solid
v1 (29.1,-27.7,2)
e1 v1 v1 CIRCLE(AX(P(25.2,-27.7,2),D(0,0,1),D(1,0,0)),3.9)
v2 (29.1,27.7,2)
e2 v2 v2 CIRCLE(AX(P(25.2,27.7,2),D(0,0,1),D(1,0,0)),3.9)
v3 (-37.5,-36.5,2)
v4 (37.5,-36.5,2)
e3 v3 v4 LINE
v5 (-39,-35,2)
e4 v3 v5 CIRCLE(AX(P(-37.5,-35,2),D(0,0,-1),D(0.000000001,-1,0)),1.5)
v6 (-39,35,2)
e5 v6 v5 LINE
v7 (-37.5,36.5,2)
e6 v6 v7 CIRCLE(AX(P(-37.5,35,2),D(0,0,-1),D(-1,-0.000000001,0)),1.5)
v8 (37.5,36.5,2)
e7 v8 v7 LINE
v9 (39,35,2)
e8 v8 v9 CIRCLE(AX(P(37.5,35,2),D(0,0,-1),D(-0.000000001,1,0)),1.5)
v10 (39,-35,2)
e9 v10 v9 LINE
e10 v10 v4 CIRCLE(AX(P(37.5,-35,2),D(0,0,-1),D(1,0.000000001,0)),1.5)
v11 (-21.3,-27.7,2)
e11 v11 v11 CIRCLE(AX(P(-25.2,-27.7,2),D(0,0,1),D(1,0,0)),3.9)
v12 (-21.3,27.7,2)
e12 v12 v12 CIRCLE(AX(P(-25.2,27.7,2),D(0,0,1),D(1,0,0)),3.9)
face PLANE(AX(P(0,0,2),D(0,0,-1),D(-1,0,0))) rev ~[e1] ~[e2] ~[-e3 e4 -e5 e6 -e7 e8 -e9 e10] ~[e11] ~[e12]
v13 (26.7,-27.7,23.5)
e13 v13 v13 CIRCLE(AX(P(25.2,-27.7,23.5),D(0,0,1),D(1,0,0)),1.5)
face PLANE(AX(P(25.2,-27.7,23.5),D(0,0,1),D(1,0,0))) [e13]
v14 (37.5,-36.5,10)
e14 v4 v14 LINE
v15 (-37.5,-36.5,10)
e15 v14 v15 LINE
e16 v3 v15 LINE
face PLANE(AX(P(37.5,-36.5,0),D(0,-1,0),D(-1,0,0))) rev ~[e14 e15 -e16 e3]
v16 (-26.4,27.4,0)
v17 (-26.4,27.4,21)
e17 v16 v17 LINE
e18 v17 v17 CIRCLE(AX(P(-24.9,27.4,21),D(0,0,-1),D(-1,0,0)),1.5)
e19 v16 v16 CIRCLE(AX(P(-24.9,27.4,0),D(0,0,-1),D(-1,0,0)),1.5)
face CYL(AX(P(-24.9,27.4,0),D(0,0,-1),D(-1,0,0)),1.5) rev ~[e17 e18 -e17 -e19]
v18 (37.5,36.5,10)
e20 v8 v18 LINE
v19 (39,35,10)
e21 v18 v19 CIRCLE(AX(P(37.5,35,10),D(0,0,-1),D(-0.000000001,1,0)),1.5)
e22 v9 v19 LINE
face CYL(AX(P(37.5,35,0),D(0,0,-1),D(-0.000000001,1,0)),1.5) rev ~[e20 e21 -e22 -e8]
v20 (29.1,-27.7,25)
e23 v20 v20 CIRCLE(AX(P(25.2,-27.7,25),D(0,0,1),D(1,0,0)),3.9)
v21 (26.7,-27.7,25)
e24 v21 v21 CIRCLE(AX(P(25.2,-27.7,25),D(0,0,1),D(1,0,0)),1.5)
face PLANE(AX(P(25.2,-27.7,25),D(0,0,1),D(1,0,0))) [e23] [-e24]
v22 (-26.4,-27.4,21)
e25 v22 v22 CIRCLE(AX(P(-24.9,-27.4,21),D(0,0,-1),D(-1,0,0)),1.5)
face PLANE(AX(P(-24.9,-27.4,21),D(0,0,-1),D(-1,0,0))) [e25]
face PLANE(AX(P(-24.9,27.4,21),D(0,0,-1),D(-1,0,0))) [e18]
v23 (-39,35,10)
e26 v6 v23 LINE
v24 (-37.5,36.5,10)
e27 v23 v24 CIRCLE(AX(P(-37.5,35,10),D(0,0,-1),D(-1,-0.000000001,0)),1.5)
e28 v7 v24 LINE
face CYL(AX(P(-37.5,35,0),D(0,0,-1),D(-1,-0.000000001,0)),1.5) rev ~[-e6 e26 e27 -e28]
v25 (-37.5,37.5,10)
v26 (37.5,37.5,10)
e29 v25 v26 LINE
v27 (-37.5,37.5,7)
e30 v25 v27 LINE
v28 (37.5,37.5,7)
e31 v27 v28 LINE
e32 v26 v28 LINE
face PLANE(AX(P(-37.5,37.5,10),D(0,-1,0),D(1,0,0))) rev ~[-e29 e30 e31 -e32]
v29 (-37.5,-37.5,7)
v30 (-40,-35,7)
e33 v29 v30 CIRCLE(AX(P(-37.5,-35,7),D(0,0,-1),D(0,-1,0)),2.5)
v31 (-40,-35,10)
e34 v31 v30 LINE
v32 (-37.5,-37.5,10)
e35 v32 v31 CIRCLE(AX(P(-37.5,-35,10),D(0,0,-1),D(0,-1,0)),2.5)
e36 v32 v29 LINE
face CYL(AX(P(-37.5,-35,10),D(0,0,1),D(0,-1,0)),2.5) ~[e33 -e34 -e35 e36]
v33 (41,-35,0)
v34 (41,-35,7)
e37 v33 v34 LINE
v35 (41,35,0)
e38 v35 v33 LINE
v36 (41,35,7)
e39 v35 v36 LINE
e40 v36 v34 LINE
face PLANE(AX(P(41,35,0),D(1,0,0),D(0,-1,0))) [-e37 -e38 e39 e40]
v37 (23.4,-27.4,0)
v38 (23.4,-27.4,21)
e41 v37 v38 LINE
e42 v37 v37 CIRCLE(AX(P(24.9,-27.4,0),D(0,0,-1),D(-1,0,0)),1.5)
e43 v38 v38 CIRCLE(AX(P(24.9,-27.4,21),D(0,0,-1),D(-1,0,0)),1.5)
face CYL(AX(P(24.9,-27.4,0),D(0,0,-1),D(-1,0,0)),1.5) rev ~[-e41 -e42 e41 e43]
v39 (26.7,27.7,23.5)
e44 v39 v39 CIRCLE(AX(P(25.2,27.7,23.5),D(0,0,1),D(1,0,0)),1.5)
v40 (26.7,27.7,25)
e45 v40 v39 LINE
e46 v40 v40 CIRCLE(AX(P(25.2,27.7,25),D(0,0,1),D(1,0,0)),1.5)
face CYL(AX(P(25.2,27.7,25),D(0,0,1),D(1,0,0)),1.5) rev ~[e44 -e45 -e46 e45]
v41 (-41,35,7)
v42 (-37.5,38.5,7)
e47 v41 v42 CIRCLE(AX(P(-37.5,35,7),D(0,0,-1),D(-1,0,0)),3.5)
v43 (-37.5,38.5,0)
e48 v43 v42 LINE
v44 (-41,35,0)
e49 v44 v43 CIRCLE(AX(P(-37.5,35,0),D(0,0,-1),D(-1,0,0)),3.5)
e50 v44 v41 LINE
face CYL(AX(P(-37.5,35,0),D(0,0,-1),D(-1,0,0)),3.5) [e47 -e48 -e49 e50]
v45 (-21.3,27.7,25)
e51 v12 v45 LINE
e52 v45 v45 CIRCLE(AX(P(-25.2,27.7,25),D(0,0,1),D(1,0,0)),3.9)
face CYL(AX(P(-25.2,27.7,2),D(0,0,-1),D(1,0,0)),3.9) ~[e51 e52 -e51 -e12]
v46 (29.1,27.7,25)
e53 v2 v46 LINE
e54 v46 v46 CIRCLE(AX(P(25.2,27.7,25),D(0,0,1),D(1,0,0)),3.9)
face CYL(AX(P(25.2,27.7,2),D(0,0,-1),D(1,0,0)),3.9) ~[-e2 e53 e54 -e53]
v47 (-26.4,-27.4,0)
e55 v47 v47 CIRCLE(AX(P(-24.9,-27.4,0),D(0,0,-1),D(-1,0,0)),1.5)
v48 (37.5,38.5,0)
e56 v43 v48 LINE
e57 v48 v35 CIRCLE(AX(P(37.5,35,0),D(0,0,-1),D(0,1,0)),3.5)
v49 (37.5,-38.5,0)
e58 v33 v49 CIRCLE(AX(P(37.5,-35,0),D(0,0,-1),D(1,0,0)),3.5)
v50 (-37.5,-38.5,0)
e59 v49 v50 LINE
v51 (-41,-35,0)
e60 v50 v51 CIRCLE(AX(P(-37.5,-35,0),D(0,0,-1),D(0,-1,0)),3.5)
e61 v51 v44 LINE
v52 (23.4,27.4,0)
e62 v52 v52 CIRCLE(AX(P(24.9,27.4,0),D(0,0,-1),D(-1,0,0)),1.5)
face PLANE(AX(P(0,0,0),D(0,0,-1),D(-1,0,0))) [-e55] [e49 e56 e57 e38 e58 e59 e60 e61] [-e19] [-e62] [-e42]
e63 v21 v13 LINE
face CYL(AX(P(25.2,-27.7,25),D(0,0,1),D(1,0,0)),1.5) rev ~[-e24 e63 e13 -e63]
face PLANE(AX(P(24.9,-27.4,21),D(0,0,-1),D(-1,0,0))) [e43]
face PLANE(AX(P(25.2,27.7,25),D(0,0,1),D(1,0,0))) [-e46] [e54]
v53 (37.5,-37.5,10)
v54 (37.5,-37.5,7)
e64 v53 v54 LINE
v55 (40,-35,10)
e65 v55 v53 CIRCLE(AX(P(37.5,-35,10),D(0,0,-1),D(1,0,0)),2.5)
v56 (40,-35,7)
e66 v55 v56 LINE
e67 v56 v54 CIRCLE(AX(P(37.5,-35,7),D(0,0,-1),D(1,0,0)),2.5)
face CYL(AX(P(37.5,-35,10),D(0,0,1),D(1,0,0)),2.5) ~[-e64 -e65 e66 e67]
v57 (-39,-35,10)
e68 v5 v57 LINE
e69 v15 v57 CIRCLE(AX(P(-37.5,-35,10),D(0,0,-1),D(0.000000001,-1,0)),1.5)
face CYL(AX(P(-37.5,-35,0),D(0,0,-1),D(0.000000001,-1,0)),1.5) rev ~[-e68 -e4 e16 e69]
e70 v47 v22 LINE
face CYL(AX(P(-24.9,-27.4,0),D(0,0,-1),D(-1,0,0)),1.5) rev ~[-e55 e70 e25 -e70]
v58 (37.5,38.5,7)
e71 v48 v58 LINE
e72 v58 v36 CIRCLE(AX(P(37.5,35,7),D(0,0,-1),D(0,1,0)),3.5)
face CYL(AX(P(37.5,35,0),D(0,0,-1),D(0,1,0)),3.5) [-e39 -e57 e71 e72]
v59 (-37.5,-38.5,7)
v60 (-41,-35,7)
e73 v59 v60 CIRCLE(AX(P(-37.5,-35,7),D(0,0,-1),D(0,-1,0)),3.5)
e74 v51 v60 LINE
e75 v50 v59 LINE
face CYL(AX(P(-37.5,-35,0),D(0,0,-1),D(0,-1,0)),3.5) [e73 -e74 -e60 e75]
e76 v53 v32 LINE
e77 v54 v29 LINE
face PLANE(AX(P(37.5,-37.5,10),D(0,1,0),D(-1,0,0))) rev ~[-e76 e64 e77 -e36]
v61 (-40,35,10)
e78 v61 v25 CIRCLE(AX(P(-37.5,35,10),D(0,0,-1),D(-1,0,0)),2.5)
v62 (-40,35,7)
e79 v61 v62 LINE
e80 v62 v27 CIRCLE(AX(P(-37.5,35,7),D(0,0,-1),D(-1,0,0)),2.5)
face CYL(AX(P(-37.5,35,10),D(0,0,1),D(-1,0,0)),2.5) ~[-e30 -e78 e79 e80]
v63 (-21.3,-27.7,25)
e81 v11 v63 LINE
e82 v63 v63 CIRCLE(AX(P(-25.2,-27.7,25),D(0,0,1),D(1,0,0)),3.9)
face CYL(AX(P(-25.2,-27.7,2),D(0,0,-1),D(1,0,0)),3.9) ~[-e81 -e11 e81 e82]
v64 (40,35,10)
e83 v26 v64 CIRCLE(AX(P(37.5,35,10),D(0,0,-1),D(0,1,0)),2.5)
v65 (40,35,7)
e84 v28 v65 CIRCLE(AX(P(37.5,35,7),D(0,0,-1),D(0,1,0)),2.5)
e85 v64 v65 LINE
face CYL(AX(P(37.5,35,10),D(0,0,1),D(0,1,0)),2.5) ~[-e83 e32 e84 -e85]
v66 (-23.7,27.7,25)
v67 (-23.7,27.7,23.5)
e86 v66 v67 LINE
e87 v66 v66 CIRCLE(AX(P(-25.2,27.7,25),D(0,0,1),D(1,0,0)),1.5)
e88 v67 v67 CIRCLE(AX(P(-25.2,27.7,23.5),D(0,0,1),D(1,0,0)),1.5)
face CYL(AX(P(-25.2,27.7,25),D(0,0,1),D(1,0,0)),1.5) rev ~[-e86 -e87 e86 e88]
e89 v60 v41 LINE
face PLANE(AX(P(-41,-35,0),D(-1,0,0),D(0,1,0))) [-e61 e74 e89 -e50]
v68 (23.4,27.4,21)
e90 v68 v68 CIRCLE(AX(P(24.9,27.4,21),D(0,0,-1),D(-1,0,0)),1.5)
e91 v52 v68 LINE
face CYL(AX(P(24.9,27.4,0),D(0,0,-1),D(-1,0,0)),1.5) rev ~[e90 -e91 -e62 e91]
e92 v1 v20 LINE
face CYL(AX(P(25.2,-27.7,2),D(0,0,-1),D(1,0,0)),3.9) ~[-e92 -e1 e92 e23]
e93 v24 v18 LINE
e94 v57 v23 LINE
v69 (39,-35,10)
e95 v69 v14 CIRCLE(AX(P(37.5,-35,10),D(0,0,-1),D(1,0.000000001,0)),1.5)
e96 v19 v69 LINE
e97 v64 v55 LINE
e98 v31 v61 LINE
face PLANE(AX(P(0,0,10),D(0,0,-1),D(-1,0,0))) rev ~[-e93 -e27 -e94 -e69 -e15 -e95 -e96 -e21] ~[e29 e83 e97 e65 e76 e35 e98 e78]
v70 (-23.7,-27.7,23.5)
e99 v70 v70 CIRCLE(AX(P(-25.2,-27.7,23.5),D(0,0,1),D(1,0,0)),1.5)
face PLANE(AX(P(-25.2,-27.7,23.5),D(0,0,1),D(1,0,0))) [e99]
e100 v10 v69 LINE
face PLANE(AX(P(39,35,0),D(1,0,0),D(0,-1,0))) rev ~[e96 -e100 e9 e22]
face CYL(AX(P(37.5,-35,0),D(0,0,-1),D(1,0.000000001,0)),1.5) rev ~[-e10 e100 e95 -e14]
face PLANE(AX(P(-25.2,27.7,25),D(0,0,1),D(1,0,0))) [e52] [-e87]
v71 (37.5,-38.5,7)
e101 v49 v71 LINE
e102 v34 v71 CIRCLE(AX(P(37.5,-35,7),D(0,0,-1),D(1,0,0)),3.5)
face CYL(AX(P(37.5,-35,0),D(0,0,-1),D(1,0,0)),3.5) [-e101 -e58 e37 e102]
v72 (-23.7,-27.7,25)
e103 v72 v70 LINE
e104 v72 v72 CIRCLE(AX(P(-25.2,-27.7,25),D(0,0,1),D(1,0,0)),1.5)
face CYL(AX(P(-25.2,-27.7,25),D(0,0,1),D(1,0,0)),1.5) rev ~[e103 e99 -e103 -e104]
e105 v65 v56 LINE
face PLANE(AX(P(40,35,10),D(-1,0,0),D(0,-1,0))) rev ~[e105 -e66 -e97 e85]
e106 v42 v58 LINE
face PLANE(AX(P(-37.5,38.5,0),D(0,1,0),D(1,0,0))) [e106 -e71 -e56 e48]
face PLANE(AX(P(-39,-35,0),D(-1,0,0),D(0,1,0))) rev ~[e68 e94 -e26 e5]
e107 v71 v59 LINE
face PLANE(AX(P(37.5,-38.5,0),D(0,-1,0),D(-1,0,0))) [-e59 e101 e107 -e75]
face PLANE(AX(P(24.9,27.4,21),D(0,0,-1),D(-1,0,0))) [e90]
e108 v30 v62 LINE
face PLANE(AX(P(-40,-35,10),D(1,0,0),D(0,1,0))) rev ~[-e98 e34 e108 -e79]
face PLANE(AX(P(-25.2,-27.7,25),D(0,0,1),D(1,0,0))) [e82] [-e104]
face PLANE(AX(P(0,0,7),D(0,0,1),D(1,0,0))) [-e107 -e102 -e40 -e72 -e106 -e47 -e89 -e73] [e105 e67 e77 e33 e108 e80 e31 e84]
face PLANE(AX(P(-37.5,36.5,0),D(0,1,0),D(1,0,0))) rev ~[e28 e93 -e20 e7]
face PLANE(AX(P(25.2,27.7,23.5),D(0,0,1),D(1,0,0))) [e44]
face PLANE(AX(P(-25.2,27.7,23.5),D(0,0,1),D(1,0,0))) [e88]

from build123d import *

# Parameters (mm, degrees)
EXTRU_MINCE1_DEPTH      = 10
BOSS_EXTRU_1_DEPTH      = 2
ESQUISSE2_OUTSIDE_W     = 106.586
ESQUISSE2_OUTSIDE_H     = 101.586
ENL_V_MAT_EXTRU_1_DEPTH = 3
ESQUISSE3_R             = 3.9
BOSS_EXTRU_2_DEPTH      = 23
ESQUISSE9_R             = 1.5
ENL_V_MAT_EXTRU_2_DEPTH = 1.5
ESQUISSE12_R            = 1.5
ENL_V_MAT_EXTRU_3_DEPTH = 21


with BuildPart() as part:
    # Esquisse1 → Extru.-Mince1 (new body)
    with BuildSketch(Plane.XY):
        with BuildLine():
            Line((37.5, -38.5), (-37.5, -38.5))
            ThreePointArc((-37.5, -38.5), (-39.974873734, -37.474873734), (-41, -35))
            Line((-41, -35), (-41, 35))
            ThreePointArc((-41, 35), (-39.974873734, 37.474873734), (-37.5, 38.5))
            Line((-37.5, 38.5), (37.5, 38.5))
            ThreePointArc((37.5, 38.5), (39.974873734, 37.474873734), (41, 35))
            Line((41, 35), (41, -35))
            ThreePointArc((41, -35), (39.974873734, -37.474873734), (37.5, -38.5))
        make_face()
        with BuildLine():
            Line((37.5, -36.5), (-37.5, -36.5))
            ThreePointArc((-37.5, -36.5), (-38.560660172, -36.060660172), (-39, -35))
            Line((-39, -35), (-39, 35))
            ThreePointArc((-39, 35), (-38.560660172, 36.060660172), (-37.5, 36.5))
            Line((-37.5, 36.5), (37.5, 36.5))
            ThreePointArc((37.5, 36.5), (38.560660172, 36.060660172), (39, 35))
            Line((39, 35), (39, -35))
            ThreePointArc((39, -35), (38.560660172, -36.060660172), (37.5, -36.5))
        make_face(mode=Mode.SUBTRACT)
    extrude(amount=EXTRU_MINCE1_DEPTH)

    # Esquisse1<2> → Boss.-Extru.1 (add)
    with BuildSketch(Plane.XY):
        with BuildLine():
            Line((-37.5, 37.5), (37.5, 37.5))
            ThreePointArc((37.5, 37.5), (39.267766953, 36.767766953), (40, 35))
            Line((40, 35), (40, -35))
            ThreePointArc((40, -35), (39.267766953, -36.767766953), (37.5, -37.5))
            Line((37.5, -37.5), (-37.5, -37.5))
            ThreePointArc((-37.5, -37.5), (-39.267766953, -36.767766953), (-40, -35))
            Line((-40, -35), (-40, 35))
            ThreePointArc((-40, 35), (-39.267766953, 36.767766953), (-37.5, 37.5))
        make_face()
    extrude(amount=BOSS_EXTRU_1_DEPTH)

    # Esquisse2 outside → Enlèv. mat.-Extru.1 (cut)
    with BuildSketch(Plane.XY.offset(10)):
        Rectangle(ESQUISSE2_OUTSIDE_W, ESQUISSE2_OUTSIDE_H)
        with BuildLine():
            Line((-37.5, 37.5), (37.5, 37.5))
            ThreePointArc((37.5, 37.5), (39.267766953, 36.767766953), (40, 35))
            Line((40, 35), (40, -35))
            ThreePointArc((40, -35), (39.267766953, -36.767766953), (37.5, -37.5))
            Line((37.5, -37.5), (-37.5, -37.5))
            ThreePointArc((-37.5, -37.5), (-39.267766953, -36.767766953), (-40, -35))
            Line((-40, -35), (-40, 35))
            ThreePointArc((-40, 35), (-39.267766953, 36.767766953), (-37.5, 37.5))
        make_face(mode=Mode.SUBTRACT)
    extrude(amount=-ENL_V_MAT_EXTRU_1_DEPTH, mode=Mode.SUBTRACT)

    # Esquisse3 → Boss.-Extru.2 (add)
    with BuildSketch(Plane.XY.offset(2)):
        with Locations((-25.2, 27.7)):
            Circle(ESQUISSE3_R)
        with Locations((25.2, 27.7)):
            Circle(ESQUISSE3_R)
        with Locations((-25.2, -27.7)):
            Circle(ESQUISSE3_R)
        with Locations((25.2, -27.7)):
            Circle(ESQUISSE3_R)
    extrude(amount=BOSS_EXTRU_2_DEPTH)

    # Esquisse9 → Enlèv. mat.-Extru.2 (cut)
    with BuildSketch(Plane.XY.offset(25)):
        with Locations((-25.2, 27.7)):
            Circle(ESQUISSE9_R)
        with Locations((25.2, 27.7)):
            Circle(ESQUISSE9_R)
        with Locations((-25.2, -27.7)):
            Circle(ESQUISSE9_R)
        with Locations((25.2, -27.7)):
            Circle(ESQUISSE9_R)
    extrude(amount=-ENL_V_MAT_EXTRU_2_DEPTH, mode=Mode.SUBTRACT)

    # Esquisse12 → Enlèv. mat.-Extru.3 (cut)
    with BuildSketch(Plane(origin=(0, 0, 0), x_dir=(-1, 0, 0), z_dir=(0, 0, -1))):
        with Locations((24.9, 27.4)):
            Circle(ESQUISSE12_R)
        with Locations((-24.9, 27.4)):
            Circle(ESQUISSE12_R)
        with Locations((-24.9, -27.4)):
            Circle(ESQUISSE12_R)
        with Locations((24.9, -27.4)):
            Circle(ESQUISSE12_R)
    extrude(amount=-ENL_V_MAT_EXTRU_3_DEPTH, mode=Mode.SUBTRACT)


solid = part.part
